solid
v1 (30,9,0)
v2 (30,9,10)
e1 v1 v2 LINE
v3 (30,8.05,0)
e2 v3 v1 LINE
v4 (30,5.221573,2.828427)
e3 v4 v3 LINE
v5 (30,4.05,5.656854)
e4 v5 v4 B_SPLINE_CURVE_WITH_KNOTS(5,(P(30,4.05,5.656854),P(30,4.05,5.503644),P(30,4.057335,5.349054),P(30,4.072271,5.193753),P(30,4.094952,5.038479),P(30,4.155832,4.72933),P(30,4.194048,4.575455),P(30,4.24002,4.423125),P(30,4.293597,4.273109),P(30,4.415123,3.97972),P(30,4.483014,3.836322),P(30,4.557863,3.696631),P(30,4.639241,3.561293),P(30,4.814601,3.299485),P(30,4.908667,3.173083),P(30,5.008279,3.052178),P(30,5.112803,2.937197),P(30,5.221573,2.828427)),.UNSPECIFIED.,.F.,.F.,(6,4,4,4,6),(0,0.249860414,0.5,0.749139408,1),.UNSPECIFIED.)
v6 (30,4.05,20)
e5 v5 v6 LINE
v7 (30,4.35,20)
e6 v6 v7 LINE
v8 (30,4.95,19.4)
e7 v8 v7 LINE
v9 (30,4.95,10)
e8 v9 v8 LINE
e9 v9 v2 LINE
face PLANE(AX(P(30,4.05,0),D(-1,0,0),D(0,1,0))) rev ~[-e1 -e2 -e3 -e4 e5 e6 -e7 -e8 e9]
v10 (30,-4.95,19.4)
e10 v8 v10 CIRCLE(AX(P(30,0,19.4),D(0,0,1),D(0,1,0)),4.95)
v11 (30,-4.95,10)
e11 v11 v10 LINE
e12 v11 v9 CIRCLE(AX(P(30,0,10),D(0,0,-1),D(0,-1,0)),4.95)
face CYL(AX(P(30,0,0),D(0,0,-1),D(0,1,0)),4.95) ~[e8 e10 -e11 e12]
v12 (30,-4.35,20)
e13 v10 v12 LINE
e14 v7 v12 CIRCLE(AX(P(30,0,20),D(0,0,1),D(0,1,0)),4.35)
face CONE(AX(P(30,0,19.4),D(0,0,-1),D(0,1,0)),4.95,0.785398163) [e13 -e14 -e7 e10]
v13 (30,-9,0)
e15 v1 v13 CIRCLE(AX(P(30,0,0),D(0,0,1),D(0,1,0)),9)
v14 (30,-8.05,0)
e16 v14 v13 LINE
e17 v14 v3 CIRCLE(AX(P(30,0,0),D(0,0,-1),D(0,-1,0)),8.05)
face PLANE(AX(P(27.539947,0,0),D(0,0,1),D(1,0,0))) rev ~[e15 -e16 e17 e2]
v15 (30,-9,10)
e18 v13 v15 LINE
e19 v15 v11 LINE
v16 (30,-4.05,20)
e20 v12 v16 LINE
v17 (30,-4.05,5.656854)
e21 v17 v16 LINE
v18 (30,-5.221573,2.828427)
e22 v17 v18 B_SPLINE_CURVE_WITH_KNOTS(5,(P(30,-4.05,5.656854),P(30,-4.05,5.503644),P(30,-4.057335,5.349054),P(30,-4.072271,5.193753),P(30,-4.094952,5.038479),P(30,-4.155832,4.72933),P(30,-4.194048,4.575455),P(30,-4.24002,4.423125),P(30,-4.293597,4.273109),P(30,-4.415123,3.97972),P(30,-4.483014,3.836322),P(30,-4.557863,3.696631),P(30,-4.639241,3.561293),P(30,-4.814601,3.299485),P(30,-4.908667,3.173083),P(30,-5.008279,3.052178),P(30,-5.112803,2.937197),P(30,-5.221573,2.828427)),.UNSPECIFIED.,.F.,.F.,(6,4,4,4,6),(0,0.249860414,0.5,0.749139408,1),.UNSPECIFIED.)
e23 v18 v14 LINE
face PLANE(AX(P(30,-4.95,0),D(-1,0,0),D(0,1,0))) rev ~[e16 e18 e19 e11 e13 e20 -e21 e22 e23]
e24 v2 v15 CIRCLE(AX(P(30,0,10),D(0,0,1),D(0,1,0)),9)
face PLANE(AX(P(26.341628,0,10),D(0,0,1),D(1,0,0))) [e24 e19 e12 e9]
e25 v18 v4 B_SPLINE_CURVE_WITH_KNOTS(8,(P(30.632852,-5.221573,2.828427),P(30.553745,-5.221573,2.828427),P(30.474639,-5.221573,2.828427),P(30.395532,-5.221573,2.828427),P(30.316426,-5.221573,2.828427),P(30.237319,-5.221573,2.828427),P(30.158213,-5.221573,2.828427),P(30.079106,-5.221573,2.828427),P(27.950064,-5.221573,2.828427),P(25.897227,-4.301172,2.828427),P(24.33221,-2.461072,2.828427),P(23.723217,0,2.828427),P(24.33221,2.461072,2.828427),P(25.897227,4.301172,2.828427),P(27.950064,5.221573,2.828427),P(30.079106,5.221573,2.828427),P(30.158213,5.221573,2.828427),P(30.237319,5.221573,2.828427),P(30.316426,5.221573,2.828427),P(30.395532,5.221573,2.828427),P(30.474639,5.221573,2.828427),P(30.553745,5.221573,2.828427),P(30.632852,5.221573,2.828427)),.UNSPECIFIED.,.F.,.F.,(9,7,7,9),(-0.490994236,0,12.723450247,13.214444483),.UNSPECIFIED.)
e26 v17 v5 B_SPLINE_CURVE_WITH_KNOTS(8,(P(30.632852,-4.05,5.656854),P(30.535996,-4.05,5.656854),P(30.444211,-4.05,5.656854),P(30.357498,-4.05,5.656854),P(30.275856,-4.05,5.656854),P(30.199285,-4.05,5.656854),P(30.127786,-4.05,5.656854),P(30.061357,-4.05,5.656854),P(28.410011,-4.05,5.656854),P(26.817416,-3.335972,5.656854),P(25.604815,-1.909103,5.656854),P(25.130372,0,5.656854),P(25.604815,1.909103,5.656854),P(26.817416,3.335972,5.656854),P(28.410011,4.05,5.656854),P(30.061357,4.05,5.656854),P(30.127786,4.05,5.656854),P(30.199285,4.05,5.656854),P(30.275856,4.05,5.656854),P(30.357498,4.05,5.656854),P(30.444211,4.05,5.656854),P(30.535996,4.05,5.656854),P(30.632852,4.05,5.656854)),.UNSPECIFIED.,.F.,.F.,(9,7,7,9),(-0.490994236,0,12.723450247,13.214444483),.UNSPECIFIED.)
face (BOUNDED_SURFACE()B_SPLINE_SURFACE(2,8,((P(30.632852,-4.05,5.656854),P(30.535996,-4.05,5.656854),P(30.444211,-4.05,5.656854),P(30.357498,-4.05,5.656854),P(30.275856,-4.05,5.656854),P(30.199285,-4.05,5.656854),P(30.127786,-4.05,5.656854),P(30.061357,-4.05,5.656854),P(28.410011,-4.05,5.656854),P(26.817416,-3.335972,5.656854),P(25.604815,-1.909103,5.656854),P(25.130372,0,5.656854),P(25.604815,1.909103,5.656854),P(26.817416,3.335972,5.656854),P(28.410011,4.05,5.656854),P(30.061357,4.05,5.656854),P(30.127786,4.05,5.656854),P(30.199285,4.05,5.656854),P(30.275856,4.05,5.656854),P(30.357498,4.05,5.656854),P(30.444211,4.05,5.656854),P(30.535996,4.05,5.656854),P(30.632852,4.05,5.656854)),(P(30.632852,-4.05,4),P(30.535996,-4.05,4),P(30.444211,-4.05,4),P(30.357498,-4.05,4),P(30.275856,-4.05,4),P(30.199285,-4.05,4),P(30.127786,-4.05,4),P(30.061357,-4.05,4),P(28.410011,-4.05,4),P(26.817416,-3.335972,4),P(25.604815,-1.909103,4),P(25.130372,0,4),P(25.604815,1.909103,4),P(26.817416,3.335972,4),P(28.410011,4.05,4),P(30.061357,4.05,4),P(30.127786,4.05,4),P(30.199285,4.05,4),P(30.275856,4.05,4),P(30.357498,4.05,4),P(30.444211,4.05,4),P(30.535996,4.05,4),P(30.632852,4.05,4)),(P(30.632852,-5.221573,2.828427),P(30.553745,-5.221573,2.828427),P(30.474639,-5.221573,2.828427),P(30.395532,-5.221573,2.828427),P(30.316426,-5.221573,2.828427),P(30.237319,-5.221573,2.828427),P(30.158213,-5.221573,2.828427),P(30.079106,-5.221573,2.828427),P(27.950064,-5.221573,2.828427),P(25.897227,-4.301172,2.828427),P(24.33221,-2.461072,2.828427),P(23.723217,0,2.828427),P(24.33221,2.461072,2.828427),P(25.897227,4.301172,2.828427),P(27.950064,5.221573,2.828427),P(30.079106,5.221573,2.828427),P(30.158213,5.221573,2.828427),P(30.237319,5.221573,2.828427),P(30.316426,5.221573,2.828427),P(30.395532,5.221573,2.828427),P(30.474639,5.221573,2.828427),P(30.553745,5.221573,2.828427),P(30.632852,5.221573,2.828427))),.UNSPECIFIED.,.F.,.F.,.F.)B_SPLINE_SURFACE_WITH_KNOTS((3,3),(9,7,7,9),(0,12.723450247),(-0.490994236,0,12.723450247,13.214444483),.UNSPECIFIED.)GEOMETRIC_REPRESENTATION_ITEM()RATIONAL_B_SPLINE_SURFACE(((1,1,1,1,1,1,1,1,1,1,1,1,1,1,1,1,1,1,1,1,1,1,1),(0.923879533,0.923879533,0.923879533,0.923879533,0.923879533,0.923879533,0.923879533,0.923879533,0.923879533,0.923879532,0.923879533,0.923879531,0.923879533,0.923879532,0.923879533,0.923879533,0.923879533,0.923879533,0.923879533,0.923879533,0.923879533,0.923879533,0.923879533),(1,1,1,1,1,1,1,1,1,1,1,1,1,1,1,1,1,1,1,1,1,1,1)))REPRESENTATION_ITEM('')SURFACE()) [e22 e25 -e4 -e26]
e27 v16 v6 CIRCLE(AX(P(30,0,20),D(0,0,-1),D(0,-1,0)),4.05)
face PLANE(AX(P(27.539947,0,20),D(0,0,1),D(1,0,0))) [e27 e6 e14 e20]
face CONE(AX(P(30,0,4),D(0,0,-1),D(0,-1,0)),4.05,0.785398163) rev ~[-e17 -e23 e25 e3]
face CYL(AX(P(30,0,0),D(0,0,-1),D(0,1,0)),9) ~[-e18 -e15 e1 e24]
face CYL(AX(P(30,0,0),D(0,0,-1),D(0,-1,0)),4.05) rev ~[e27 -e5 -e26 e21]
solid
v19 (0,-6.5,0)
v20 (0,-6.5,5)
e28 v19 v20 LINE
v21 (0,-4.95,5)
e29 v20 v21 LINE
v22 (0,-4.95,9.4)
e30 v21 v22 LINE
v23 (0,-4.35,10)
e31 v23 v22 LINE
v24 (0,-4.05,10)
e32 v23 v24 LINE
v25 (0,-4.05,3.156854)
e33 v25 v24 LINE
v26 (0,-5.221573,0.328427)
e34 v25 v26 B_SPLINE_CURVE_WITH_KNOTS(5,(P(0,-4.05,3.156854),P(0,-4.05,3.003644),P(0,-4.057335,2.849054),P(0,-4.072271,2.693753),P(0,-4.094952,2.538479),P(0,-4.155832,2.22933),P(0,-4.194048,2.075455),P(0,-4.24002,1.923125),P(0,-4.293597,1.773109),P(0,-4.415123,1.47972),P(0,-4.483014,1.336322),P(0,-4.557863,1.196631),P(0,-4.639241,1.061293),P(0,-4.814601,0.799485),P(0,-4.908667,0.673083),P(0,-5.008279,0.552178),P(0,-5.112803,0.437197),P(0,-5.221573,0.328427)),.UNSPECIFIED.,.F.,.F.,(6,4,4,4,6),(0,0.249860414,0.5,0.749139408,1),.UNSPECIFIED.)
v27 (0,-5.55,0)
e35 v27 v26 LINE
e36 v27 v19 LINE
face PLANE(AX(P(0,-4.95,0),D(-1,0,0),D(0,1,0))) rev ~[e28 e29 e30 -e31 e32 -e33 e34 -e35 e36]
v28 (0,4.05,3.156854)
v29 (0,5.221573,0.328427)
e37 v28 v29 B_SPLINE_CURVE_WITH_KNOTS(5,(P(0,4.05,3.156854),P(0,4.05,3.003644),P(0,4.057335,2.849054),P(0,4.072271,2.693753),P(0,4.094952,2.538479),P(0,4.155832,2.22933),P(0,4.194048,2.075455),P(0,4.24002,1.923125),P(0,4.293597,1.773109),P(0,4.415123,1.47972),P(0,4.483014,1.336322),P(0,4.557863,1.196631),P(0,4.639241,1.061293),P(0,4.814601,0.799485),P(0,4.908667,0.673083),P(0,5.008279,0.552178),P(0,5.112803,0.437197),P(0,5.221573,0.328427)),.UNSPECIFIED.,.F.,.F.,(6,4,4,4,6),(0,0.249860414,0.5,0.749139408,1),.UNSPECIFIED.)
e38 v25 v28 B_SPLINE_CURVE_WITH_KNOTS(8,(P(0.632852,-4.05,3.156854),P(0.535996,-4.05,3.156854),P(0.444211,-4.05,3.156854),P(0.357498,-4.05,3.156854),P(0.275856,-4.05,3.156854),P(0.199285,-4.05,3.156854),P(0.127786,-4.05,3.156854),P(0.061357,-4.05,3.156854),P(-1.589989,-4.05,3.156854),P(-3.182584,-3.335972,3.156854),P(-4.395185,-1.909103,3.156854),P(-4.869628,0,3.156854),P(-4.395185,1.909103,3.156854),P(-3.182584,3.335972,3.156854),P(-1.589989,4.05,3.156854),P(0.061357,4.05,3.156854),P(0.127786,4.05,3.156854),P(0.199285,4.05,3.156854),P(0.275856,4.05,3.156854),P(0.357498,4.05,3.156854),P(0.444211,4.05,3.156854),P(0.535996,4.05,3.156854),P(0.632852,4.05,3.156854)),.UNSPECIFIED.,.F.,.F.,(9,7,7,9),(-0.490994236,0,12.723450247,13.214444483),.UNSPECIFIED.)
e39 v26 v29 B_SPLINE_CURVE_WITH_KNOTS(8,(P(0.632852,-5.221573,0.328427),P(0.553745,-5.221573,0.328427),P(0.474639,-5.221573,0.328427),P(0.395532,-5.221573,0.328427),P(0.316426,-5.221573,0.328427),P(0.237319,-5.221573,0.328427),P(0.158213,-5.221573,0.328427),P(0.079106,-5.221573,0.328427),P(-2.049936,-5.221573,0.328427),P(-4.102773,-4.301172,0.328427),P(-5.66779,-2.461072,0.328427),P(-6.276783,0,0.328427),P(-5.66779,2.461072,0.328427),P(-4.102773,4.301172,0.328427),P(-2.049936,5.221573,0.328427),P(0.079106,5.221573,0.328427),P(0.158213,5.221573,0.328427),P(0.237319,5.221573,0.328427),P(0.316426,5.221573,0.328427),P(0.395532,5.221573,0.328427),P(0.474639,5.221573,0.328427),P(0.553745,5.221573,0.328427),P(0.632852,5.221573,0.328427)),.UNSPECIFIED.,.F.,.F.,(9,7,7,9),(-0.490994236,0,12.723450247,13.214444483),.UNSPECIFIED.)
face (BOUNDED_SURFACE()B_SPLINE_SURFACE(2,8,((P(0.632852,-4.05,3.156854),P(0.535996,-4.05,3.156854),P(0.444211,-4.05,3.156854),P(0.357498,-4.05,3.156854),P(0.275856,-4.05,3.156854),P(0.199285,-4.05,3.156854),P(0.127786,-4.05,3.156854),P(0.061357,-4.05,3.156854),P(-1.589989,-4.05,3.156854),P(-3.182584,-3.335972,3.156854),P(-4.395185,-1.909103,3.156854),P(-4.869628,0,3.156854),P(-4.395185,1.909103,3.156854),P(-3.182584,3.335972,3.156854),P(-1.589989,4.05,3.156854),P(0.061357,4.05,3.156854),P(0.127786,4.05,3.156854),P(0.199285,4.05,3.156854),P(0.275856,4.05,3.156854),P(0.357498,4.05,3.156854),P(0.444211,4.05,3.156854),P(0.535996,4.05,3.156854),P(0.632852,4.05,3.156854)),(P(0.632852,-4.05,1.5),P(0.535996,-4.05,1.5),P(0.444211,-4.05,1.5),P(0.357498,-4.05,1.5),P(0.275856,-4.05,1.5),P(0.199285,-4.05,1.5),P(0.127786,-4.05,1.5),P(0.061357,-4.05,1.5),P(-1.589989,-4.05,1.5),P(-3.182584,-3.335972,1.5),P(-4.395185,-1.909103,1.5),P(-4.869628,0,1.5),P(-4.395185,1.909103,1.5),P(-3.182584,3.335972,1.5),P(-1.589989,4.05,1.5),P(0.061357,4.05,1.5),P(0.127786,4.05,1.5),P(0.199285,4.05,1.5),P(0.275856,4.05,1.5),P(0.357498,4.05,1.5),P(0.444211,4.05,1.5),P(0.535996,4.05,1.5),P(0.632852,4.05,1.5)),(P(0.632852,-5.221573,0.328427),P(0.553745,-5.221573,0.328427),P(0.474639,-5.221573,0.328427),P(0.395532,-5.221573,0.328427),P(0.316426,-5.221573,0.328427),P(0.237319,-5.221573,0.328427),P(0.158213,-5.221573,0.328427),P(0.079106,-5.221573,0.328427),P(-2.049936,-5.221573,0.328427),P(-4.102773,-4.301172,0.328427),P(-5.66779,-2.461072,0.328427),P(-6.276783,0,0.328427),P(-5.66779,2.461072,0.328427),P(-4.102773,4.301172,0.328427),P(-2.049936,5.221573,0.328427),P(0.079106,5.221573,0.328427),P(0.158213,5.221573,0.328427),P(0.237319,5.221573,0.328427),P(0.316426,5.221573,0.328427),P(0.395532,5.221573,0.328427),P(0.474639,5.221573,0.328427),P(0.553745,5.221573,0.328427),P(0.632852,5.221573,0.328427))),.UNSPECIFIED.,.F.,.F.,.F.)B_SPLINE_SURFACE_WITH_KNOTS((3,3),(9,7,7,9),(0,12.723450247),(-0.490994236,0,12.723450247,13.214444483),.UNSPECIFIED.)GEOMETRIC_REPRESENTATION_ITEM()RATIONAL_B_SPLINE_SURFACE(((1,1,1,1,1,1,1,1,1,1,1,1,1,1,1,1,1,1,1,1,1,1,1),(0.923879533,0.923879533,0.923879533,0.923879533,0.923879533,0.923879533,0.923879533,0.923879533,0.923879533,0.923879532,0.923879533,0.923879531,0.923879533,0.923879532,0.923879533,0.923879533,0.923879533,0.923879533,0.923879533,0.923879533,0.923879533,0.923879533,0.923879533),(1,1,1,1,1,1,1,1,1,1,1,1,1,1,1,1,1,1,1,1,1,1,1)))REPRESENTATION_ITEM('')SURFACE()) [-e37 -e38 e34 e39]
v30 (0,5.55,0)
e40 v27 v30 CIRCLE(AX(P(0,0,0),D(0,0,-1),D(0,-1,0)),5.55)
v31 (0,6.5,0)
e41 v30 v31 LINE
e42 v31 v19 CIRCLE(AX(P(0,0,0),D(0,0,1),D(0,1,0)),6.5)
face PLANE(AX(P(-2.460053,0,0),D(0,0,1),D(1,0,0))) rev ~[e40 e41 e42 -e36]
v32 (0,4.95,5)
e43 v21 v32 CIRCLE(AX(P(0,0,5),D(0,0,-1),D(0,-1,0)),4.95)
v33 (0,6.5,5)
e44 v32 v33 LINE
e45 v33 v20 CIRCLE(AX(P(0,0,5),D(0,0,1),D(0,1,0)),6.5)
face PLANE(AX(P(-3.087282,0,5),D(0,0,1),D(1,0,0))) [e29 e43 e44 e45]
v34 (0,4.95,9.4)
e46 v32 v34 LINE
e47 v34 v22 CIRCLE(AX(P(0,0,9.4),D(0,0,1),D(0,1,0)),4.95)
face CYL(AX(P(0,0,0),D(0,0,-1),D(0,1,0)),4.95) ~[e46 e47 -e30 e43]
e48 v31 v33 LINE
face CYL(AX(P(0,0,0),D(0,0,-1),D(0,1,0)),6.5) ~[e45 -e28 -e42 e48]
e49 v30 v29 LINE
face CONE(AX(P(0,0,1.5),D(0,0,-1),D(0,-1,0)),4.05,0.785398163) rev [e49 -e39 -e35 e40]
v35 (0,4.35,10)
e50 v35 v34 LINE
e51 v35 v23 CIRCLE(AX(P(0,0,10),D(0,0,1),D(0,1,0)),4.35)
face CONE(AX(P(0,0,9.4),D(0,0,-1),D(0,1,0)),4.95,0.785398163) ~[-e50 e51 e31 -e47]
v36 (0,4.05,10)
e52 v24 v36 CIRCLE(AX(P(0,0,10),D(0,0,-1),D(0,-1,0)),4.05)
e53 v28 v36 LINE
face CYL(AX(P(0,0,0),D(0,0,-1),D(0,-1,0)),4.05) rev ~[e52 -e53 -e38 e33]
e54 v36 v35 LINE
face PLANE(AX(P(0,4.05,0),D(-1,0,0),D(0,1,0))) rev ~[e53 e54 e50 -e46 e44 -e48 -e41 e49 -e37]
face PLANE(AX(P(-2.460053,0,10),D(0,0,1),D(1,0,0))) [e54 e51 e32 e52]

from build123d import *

# Parameters (mm, degrees)
F1_DEPTH  = 5
F2_DEPTH  = 10
F3_DEPTH  = 10
F4_DEPTH  = 20
F5_SIZE   = 1.5
F6_SIZE   = 0.6
F6_2_SIZE = 0.6
F7_SIZE   = 4
F8_R      = 4
F8_2_R    = 4


with BuildPart() as f1:
    # F0 (on Top) → F1 (new body)
    with BuildSketch(Plane.XY):
        with BuildLine():
            Line((0, 4.95), (0, 6.5))
            ThreePointArc((0, 6.5), (-6.5, 0), (0, -6.5))
            Line((0, -6.5), (0, -4.95))
            ThreePointArc((0, -4.95), (-4.95, 0), (0, 4.95))
        make_face()
    extrude(amount=F1_DEPTH)

    # F0 (on Top) → F2 (join)
    with BuildSketch(Plane.XY):
        with BuildLine():
            Line((0, 4.05), (0, 4.95))
            ThreePointArc((0, 4.95), (-4.95, 0), (0, -4.95))
            Line((0, -4.95), (0, -4.05))
            ThreePointArc((0, -4.05), (-4.05, 0), (0, 4.05))
        make_face()
    extrude(amount=F2_DEPTH)

    # F5
    f5_edges = [f1.edges().sort_by_distance(p)[0] for p in [
        (-4.05, 0, 0),
    ]]
    chamfer(f5_edges, length=F5_SIZE)

    # F6
    f6_edges = [f1.edges().sort_by_distance(p)[0] for p in [
        (-4.95, 0, 10),
    ]]
    chamfer(f6_edges, length=F6_SIZE)

    # F8
    f8_edges = [f1.edges().sort_by_distance(p)[0] for p in [
        (-4.05, 0, 1.5),
    ]]
    fillet(f8_edges, radius=F8_R)


with BuildPart() as f3:
    # F0 (on Top) → F3 (new body)
    with BuildSketch(Plane.XY):
        with BuildLine():
            Line((30, 4.95), (30, 9))
            ThreePointArc((30, 9), (21, 0), (30, -9))
            Line((30, -9), (30, -4.95))
            ThreePointArc((30, -4.95), (25.05, 0), (30, 4.95))
        make_face()
    extrude(amount=F3_DEPTH)

    # F0 (on Top) → F4 (join)
    with BuildSketch(Plane.XY):
        with BuildLine():
            Line((30, 4.05), (30, 4.95))
            ThreePointArc((30, 4.95), (25.05, 0), (30, -4.95))
            Line((30, -4.95), (30, -4.05))
            ThreePointArc((30, -4.05), (25.95, 0), (30, 4.05))
        make_face()
    extrude(amount=F4_DEPTH)

    # F6#2
    f6_2_edges = [f3.edges().sort_by_distance(p)[0] for p in [
        (25.05, 0, 20),
    ]]
    chamfer(f6_2_edges, length=F6_2_SIZE)

    # F7
    f7_edges = [f3.edges().sort_by_distance(p)[0] for p in [
        (25.95, 0, 0),
    ]]
    chamfer(f7_edges, length=F7_SIZE)

    # F8#2
    f8_2_edges = [f3.edges().sort_by_distance(p)[0] for p in [
        (25.95, 0, 4),
    ]]
    fillet(f8_2_edges, radius=F8_2_R)


solid = Compound([f1.part, f3.part])
